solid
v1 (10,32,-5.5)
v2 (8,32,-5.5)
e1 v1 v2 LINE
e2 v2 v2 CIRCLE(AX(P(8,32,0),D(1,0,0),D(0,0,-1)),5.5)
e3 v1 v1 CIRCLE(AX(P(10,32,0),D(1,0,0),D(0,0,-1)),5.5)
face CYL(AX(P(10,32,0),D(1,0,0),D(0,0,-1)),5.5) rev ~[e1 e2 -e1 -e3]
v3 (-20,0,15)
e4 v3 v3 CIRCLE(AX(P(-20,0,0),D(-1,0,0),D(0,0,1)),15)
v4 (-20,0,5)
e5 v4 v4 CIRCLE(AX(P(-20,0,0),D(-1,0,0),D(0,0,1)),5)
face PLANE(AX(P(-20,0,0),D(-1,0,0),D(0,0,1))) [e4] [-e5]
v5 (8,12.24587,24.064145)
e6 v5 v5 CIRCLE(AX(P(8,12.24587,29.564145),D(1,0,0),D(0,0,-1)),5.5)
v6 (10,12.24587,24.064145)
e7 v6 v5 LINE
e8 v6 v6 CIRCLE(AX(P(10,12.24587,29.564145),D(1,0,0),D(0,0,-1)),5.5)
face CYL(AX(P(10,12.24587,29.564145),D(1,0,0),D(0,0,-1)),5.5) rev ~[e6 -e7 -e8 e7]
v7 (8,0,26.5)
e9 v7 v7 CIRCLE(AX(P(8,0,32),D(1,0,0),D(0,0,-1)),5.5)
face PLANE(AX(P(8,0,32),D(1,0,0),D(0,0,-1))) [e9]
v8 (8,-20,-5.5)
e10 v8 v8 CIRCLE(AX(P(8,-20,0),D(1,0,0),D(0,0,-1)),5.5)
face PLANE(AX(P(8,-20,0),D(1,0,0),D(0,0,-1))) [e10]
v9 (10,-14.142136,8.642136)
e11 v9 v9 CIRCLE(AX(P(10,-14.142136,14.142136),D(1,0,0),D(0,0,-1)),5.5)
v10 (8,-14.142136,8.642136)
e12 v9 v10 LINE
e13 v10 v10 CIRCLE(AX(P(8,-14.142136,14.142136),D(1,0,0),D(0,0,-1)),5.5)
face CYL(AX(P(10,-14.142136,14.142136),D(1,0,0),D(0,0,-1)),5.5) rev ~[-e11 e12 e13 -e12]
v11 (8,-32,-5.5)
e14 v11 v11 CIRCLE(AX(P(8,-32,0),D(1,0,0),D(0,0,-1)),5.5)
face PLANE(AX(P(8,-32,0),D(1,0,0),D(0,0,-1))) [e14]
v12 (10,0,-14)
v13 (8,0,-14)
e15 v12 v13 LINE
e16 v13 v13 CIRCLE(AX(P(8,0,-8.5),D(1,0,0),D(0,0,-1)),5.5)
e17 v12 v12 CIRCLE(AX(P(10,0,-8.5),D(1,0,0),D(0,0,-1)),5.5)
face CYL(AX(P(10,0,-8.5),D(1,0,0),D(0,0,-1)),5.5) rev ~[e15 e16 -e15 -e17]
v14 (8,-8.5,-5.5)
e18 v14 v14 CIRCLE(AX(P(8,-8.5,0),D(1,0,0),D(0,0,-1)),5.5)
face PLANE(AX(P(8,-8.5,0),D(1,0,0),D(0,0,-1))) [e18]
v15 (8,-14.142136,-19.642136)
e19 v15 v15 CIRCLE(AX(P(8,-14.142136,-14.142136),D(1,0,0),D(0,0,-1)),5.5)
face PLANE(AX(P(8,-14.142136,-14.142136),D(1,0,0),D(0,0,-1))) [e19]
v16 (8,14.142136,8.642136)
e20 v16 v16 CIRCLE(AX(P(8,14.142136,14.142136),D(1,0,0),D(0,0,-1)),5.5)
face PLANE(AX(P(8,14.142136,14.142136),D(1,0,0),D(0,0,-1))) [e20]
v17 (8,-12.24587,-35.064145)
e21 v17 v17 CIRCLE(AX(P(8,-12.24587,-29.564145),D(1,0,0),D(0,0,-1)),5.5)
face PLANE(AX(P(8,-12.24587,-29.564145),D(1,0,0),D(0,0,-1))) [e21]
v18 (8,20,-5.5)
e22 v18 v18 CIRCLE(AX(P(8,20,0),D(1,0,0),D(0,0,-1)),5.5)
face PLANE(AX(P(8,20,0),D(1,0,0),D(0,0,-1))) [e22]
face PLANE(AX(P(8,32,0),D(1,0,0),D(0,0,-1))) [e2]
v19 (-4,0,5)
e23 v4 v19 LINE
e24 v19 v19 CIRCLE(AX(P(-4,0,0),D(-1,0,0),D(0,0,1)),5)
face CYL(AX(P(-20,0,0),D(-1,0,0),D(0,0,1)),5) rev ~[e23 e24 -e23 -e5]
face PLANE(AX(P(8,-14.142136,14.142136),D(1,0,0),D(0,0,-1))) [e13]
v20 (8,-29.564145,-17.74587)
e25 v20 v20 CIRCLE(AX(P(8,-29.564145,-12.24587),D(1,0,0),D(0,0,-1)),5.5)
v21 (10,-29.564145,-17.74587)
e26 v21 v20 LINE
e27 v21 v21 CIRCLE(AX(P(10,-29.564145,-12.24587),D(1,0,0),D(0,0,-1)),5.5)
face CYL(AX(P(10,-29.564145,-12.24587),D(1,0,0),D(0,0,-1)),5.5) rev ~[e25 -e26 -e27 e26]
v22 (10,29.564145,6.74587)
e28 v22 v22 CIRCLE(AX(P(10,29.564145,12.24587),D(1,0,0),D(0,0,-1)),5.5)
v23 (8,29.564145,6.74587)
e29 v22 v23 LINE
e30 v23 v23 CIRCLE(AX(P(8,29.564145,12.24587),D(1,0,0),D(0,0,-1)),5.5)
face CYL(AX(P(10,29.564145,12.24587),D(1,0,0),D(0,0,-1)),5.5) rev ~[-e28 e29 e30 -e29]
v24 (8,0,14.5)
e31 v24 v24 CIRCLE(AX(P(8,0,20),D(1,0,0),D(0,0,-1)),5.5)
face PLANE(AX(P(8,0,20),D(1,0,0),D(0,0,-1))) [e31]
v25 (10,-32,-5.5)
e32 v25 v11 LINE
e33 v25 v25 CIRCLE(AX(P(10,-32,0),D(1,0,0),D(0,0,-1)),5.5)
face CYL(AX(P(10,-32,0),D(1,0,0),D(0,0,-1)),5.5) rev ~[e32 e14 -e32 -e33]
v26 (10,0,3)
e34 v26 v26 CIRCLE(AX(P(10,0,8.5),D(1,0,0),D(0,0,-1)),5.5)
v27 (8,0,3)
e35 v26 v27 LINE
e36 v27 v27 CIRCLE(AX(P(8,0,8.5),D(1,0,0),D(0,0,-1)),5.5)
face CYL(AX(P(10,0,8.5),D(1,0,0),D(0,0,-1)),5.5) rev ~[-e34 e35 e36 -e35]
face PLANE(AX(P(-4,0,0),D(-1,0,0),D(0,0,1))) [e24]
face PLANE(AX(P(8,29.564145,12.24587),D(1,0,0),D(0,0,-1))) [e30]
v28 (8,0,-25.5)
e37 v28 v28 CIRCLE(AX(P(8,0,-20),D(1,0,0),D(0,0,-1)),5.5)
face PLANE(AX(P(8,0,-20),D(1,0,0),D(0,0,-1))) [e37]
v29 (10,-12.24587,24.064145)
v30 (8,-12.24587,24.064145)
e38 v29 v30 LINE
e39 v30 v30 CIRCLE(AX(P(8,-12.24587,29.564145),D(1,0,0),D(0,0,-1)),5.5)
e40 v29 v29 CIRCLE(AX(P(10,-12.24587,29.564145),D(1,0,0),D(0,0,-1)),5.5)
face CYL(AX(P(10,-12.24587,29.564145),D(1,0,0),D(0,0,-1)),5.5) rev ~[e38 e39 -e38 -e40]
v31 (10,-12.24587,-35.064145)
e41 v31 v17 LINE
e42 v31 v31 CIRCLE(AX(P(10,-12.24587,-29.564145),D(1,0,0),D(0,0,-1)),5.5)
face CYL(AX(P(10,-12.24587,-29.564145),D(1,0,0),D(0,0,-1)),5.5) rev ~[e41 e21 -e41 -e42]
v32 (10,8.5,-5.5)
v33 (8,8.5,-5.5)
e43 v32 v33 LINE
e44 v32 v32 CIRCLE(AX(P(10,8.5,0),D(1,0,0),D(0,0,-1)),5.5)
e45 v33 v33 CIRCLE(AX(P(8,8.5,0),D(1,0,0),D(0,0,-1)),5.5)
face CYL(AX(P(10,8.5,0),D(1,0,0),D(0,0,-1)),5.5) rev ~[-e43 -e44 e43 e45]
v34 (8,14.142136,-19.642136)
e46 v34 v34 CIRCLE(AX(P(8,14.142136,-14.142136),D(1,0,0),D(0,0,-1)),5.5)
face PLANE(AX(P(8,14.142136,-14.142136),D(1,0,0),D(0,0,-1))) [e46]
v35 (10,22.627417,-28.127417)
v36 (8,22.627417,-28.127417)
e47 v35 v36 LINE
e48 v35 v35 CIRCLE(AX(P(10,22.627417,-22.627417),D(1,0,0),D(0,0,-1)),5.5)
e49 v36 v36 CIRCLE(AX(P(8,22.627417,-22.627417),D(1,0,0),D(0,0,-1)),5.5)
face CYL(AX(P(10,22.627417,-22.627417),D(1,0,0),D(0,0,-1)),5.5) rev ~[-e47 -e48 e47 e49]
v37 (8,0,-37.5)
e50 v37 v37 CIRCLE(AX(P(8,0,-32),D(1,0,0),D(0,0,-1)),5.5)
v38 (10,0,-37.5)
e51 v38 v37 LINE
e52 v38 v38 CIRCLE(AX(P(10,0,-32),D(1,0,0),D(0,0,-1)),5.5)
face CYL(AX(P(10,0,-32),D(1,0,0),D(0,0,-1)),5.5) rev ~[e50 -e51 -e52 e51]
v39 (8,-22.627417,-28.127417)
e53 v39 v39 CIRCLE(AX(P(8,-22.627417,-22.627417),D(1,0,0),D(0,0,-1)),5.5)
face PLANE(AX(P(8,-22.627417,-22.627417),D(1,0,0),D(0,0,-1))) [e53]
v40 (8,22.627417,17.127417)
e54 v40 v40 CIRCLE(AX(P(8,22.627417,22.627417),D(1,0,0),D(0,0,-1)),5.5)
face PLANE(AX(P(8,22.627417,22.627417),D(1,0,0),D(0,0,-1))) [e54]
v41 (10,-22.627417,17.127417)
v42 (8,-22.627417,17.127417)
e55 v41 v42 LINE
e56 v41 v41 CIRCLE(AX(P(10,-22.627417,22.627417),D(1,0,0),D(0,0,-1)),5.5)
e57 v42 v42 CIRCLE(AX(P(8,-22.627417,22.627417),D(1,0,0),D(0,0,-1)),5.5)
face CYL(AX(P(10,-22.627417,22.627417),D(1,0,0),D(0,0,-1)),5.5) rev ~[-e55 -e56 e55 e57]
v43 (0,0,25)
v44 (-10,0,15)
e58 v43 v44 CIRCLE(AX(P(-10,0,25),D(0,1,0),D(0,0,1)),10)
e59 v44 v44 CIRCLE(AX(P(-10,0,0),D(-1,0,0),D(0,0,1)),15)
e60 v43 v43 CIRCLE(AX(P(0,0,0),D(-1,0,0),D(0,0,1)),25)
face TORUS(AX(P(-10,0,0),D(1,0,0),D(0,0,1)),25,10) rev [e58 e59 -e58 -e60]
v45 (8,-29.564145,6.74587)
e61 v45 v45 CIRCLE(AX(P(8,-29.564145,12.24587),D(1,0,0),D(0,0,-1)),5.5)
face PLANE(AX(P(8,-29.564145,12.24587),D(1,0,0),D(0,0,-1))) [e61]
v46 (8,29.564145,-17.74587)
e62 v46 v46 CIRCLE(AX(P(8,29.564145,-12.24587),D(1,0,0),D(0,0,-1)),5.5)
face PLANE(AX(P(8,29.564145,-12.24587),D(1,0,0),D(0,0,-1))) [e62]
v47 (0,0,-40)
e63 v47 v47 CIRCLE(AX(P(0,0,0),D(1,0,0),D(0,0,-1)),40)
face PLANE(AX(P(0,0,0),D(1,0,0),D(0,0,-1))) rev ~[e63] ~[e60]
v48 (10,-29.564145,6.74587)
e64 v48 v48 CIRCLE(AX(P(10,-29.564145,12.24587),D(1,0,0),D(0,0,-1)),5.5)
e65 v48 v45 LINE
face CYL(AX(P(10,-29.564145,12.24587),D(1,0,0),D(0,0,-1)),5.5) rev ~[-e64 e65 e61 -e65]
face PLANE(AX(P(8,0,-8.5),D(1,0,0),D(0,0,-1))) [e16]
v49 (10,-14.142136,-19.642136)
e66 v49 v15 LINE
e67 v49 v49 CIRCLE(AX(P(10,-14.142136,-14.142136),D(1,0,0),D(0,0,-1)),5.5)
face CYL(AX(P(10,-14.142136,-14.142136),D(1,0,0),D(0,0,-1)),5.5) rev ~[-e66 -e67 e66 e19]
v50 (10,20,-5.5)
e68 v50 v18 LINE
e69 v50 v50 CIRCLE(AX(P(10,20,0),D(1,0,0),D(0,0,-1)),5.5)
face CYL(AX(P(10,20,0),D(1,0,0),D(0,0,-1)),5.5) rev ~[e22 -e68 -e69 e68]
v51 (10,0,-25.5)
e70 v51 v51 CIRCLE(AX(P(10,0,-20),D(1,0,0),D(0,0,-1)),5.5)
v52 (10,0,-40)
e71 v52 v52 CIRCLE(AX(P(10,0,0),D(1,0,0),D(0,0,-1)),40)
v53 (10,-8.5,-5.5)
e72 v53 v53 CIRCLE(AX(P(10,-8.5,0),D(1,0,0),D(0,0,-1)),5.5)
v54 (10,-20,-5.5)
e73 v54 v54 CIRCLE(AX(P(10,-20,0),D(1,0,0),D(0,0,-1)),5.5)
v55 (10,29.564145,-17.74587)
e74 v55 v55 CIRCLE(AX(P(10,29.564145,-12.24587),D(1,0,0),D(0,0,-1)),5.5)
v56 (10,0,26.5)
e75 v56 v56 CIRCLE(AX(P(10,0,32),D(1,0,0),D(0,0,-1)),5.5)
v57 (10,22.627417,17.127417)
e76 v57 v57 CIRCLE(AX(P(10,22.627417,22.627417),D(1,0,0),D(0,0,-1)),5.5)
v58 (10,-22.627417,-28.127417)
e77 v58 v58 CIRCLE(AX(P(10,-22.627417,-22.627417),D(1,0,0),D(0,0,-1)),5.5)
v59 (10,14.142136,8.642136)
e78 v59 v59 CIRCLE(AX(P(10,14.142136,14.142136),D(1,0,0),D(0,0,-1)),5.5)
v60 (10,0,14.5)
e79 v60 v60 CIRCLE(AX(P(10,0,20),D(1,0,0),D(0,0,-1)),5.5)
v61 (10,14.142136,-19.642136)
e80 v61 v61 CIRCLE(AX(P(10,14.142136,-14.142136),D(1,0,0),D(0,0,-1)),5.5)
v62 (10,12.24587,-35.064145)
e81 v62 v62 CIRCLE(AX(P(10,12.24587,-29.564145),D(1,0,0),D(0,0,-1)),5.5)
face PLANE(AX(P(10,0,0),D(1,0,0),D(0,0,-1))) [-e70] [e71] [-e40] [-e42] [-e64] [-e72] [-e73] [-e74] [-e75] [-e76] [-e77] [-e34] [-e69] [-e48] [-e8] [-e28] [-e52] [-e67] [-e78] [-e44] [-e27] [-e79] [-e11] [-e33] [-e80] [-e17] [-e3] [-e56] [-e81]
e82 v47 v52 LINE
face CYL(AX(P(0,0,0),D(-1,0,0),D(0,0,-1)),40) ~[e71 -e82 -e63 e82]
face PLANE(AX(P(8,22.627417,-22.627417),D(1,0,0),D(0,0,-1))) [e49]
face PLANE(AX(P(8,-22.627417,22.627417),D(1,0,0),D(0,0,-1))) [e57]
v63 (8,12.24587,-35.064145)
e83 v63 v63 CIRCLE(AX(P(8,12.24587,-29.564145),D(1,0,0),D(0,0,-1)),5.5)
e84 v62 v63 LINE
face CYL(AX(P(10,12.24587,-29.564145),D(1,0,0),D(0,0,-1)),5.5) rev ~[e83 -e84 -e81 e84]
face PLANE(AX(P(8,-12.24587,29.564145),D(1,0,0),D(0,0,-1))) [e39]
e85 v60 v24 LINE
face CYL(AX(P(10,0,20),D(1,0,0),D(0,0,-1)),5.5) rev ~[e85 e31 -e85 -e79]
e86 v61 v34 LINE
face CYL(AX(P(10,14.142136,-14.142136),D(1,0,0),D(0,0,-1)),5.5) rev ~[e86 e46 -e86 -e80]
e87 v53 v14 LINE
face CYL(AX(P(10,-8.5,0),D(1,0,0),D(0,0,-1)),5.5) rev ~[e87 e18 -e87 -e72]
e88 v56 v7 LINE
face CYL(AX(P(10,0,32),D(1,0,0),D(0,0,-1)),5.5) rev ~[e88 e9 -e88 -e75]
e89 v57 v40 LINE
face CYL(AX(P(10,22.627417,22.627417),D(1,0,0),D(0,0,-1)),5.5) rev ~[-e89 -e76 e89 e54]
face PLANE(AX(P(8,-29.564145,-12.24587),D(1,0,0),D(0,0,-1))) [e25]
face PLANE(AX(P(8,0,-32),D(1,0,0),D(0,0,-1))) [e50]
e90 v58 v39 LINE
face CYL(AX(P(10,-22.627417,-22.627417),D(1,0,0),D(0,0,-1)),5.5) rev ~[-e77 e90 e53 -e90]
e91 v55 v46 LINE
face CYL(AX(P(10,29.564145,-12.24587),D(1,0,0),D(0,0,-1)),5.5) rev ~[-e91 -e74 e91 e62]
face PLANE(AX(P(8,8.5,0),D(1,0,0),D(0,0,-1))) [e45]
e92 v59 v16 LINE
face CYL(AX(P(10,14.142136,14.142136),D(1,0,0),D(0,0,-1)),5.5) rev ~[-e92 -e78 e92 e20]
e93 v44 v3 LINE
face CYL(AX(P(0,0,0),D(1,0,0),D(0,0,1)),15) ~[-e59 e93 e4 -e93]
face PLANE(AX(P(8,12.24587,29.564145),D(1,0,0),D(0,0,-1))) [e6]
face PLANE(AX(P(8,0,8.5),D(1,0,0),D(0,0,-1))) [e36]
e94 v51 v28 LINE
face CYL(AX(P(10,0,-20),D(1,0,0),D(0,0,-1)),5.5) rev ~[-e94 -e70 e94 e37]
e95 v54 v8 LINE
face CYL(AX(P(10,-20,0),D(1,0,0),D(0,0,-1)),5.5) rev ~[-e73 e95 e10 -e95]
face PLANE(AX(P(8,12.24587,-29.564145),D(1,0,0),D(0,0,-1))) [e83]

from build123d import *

# Parameters (mm, degrees)
ESQUISSE1_R             = 40
BOSS_EXTRU_2_DEPTH      = 10
ESQUISSE5_R             = 5.5
ENL_V_MAT_EXTRU_2_DEPTH = 2
ESQUISSE6_R             = 15
BOSS_EXTRU_3_DEPTH      = 20
CONG_1_R                = 10
ESQUISSE7_R             = 5
ENL_V_MAT_EXTRU_3_DEPTH = 16


with BuildPart() as part:
    # Esquisse1 → Boss.-Extru.2 (new body)
    with BuildSketch(Plane.YZ):
        with Locations(Location((0, 0, 0), (0, 0, 270))):
            Circle(ESQUISSE1_R)
    extrude(amount=BOSS_EXTRU_2_DEPTH)

    # Esquisse5 → Enlèv. mat.-Extru.2 (cut)
    with BuildSketch(Plane.YZ.offset(10)):
        with Locations(Location((0, 32, 0), (0, 0, 270))):
            Circle(ESQUISSE5_R)
        with Locations(Location((12.245869836, 29.56414504, 0), (0, 0, 270))):
            Circle(ESQUISSE5_R)
        with Locations(Location((22.627416998, 22.627416998, 0), (0, 0, 270))):
            Circle(ESQUISSE5_R)
        with Locations(Location((29.56414504, 12.245869836, 0), (0, 0, 270))):
            Circle(ESQUISSE5_R)
        with Locations(Location((32, 0, 0), (0, 0, 270))):
            Circle(ESQUISSE5_R)
        with Locations(Location((29.56414504, -12.245869836, 0), (0, 0, 270))):
            Circle(ESQUISSE5_R)
        with Locations(Location((22.627416998, -22.627416998, 0), (0, 0, 270))):
            Circle(ESQUISSE5_R)
        with Locations(Location((12.245869836, -29.56414504, 0), (0, 0, 270))):
            Circle(ESQUISSE5_R)
        with Locations(Location((0, -32, 0), (0, 0, 270))):
            Circle(ESQUISSE5_R)
        with Locations(Location((-12.245869836, -29.56414504, 0), (0, 0, 270))):
            Circle(ESQUISSE5_R)
        with Locations(Location((-22.627416998, -22.627416998, 0), (0, 0, 270))):
            Circle(ESQUISSE5_R)
        with Locations(Location((-29.56414504, -12.245869836, 0), (0, 0, 270))):
            Circle(ESQUISSE5_R)
        with Locations(Location((-32, 0, 0), (0, 0, 270))):
            Circle(ESQUISSE5_R)
        with Locations(Location((-29.56414504, 12.245869836, 0), (0, 0, 270))):
            Circle(ESQUISSE5_R)
        with Locations(Location((-22.627416998, 22.627416998, 0), (0, 0, 270))):
            Circle(ESQUISSE5_R)
        with Locations(Location((-12.245869836, 29.56414504, 0), (0, 0, 270))):
            Circle(ESQUISSE5_R)
        with Locations(Location((0, 20, 0), (0, 0, 270))):
            Circle(ESQUISSE5_R)
        with Locations(Location((14.142135624, 14.142135624, 0), (0, 0, 270))):
            Circle(ESQUISSE5_R)
        with Locations(Location((20, 0, 0), (0, 0, 270))):
            Circle(ESQUISSE5_R)
        with Locations(Location((14.142135624, -14.142135624, 0), (0, 0, 270))):
            Circle(ESQUISSE5_R)
        with Locations(Location((0, -20, 0), (0, 0, 270))):
            Circle(ESQUISSE5_R)
        with Locations(Location((-14.142135624, -14.142135624, 0), (0, 0, 270))):
            Circle(ESQUISSE5_R)
        with Locations(Location((-20, 0, 0), (0, 0, 270))):
            Circle(ESQUISSE5_R)
        with Locations(Location((-14.142135624, 14.142135624, 0), (0, 0, 270))):
            Circle(ESQUISSE5_R)
        with Locations(Location((0, 8.5, 0), (0, 0, 270))):
            Circle(ESQUISSE5_R)
        with Locations(Location((8.5, 0, 0), (0, 0, 270))):
            Circle(ESQUISSE5_R)
        with Locations(Location((0, -8.5, 0), (0, 0, 270))):
            Circle(ESQUISSE5_R)
        with Locations(Location((-8.5, 0, 0), (0, 0, 270))):
            Circle(ESQUISSE5_R)
    extrude(amount=-ENL_V_MAT_EXTRU_2_DEPTH, mode=Mode.SUBTRACT)

    # Esquisse6 → Boss.-Extru.3 (add)
    with BuildSketch(Plane(origin=(0, 0, 0), x_dir=(0, -1, 0), z_dir=(-1, 0, 0))):
        with Locations(Location((0, 0, 0), (0, 0, 90))):
            Circle(ESQUISSE6_R)
    extrude(amount=BOSS_EXTRU_3_DEPTH)

    # Congé1
    cong_1_edges = [part.edges().sort_by_distance(p)[0] for p in [
        (0, 0, -15),
    ]]
    fillet(cong_1_edges, radius=CONG_1_R)

    # Esquisse7 → Enlèv. mat.-Extru.3 (cut)
    with BuildSketch(Plane.ZY.offset(20)):
        Circle(ESQUISSE7_R)
    extrude(amount=-ENL_V_MAT_EXTRU_3_DEPTH, mode=Mode.SUBTRACT)


solid = part.part
